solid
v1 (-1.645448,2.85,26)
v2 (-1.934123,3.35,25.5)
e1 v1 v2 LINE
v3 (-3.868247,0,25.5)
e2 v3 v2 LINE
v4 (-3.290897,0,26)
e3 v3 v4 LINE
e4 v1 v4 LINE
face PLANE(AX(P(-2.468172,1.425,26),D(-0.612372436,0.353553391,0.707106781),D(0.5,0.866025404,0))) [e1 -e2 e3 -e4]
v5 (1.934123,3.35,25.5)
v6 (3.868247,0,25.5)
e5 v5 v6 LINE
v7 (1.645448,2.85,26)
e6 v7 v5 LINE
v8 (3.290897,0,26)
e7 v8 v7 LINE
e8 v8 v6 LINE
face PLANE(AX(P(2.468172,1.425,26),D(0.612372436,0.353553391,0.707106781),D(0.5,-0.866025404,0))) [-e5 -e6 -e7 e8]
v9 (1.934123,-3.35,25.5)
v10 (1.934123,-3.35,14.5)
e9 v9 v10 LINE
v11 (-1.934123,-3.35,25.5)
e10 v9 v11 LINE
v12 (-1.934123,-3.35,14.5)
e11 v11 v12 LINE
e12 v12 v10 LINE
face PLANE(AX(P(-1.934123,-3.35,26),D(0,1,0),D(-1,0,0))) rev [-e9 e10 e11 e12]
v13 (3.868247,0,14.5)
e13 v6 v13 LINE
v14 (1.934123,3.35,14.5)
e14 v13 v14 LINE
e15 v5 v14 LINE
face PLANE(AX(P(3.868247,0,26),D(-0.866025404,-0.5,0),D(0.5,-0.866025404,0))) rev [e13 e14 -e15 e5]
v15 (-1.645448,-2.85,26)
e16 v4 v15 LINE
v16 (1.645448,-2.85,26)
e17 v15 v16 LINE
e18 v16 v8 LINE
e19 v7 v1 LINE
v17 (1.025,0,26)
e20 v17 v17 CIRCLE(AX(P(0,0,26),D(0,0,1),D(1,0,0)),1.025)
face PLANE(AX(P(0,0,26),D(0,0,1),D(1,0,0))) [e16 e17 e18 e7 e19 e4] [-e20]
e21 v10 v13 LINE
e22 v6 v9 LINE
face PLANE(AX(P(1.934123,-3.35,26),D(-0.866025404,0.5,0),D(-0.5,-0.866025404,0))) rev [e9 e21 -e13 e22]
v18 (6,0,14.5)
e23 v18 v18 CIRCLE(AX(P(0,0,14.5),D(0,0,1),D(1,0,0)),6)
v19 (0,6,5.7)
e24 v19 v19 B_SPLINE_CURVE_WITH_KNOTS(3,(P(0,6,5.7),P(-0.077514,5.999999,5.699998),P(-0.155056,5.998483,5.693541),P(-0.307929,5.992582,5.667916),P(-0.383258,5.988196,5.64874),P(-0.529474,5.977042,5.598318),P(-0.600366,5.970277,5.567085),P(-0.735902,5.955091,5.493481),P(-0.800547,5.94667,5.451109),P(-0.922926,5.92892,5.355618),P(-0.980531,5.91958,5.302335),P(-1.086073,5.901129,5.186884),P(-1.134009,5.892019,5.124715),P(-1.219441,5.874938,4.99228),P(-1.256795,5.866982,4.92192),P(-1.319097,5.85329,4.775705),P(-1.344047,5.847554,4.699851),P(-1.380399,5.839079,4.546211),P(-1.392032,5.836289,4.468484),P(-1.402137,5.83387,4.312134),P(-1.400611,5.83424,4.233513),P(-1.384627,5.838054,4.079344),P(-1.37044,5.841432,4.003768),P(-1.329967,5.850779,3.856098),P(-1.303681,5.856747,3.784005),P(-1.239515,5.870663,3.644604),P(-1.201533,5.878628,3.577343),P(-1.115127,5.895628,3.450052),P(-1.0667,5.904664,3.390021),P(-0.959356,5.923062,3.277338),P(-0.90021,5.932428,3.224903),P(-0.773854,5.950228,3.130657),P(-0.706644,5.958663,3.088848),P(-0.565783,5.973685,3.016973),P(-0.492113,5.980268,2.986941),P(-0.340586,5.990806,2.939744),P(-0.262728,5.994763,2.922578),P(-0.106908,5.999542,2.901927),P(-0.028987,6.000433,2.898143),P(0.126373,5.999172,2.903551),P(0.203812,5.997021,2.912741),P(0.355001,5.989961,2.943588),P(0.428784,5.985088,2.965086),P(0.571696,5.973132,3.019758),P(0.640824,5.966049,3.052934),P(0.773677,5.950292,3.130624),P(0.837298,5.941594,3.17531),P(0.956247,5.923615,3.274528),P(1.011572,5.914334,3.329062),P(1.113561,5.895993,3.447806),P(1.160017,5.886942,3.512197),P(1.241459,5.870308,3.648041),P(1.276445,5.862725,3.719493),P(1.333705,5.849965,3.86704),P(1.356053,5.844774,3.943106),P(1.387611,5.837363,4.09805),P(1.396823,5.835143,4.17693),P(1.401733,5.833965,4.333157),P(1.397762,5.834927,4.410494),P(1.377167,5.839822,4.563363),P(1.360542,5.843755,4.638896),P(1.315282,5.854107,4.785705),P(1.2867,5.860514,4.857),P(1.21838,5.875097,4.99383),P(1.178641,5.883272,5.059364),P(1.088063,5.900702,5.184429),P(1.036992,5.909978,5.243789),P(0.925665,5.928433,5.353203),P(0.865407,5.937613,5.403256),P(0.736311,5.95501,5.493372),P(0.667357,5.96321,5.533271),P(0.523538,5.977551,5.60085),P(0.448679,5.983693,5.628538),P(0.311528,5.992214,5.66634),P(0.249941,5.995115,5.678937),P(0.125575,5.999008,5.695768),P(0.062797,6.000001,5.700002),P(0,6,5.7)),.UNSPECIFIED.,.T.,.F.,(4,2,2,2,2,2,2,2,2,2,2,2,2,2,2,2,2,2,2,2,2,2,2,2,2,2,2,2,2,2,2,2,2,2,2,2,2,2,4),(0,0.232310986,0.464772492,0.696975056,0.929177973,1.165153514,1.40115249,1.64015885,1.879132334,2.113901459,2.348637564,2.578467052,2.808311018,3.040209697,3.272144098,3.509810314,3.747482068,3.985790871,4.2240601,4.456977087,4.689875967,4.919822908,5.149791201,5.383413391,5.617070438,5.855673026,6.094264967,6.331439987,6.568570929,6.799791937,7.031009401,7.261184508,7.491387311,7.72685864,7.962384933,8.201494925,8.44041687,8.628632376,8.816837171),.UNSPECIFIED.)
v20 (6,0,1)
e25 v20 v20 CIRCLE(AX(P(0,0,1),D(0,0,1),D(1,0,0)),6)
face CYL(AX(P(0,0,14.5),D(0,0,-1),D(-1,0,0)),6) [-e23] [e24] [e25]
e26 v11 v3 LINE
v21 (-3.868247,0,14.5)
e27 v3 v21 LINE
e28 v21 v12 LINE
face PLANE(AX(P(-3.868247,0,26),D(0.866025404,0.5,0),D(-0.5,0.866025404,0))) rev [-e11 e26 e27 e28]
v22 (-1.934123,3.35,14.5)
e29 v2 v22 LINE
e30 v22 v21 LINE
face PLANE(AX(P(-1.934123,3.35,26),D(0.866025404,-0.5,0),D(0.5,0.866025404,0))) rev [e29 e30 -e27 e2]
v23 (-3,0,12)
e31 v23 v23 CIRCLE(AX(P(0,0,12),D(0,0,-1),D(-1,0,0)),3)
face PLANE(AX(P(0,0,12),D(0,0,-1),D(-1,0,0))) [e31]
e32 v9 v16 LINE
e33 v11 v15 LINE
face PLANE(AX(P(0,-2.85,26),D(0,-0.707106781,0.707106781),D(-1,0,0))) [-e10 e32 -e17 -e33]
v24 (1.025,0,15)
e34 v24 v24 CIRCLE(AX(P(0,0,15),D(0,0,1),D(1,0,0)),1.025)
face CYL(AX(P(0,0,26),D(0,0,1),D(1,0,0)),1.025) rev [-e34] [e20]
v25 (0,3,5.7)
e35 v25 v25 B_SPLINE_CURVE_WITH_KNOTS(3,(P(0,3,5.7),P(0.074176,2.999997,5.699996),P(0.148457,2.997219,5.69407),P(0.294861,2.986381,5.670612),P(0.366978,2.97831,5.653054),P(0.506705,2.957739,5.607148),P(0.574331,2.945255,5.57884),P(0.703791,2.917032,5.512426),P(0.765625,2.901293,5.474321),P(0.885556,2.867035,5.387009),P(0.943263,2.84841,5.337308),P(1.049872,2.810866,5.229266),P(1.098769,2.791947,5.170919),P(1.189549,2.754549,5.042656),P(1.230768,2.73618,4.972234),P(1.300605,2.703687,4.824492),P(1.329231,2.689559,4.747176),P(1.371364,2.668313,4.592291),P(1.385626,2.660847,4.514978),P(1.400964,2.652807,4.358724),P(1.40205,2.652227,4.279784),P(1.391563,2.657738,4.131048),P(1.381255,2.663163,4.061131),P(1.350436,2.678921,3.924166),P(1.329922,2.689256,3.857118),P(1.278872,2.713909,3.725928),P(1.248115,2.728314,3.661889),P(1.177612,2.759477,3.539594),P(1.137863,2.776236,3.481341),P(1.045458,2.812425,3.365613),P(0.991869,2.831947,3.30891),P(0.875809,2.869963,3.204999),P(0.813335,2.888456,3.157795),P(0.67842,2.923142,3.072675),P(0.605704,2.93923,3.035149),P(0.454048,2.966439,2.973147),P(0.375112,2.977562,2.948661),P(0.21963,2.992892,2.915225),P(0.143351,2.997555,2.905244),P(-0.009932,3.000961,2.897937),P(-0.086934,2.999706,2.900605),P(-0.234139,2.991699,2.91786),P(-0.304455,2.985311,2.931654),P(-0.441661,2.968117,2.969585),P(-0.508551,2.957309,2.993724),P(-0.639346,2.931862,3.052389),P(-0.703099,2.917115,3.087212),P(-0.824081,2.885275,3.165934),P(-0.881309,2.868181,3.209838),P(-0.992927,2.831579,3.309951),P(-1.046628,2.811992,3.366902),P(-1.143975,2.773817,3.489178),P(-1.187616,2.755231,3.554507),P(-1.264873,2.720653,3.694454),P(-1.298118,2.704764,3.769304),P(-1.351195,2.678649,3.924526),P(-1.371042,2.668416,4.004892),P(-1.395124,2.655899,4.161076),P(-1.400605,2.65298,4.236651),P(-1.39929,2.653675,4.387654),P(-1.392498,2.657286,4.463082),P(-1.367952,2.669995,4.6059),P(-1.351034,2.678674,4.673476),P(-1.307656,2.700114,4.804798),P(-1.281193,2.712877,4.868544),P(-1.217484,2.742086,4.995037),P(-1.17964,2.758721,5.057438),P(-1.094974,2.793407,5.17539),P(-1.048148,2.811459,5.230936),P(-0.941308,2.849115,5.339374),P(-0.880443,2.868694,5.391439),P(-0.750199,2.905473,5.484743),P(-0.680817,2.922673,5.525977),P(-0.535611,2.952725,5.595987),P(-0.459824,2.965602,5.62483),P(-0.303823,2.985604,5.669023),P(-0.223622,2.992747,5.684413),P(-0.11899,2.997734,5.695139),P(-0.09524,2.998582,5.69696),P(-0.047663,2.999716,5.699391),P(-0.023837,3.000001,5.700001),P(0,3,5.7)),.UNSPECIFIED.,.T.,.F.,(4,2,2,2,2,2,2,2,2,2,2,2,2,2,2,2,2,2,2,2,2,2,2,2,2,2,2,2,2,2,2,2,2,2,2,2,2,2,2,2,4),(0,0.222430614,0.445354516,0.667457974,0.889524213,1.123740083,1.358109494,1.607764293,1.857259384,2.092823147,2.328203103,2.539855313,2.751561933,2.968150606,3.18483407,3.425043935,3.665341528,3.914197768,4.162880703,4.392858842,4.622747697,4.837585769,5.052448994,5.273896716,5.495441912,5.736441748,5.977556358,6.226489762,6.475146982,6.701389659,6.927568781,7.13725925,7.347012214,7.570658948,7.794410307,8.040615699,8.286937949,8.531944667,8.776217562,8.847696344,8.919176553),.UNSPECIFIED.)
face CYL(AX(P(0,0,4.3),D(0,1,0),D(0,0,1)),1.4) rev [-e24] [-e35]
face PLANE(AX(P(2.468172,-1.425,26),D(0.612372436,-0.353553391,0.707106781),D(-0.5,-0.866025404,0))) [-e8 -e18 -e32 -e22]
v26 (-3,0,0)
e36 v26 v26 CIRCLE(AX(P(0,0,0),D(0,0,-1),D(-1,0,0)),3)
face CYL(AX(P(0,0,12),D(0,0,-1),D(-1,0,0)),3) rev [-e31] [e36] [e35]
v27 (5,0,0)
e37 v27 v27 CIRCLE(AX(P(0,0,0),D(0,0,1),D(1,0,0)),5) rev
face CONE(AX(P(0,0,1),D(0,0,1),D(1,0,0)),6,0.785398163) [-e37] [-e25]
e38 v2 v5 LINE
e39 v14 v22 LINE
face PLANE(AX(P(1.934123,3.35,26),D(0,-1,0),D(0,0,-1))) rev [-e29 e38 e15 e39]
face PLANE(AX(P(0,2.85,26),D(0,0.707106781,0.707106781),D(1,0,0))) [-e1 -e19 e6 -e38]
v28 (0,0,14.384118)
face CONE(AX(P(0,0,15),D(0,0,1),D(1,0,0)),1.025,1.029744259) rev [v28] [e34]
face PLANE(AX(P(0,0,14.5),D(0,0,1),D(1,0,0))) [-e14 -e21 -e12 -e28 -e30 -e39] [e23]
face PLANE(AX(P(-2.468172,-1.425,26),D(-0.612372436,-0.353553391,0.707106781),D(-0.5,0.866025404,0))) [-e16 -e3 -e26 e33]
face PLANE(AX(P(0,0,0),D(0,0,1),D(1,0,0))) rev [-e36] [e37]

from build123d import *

# Parameters (mm, degrees)
SKETCH_1_R               = 6
EXTRUDE_1_DEPTH          = 14.5
EXTRUDE_2_DEPTH          = 11.5
HOLE_WIZARD_M2_5_1_D     = 2.05
HOLE_WIZARD_M2_5_1_DEPTH = 11
HOLE_WIZARD_M2_5_1_TIP   = 0.615882135
SKETCH_6_R               = 3
CUT_EXTRUDE_1_DEPTH      = 12
CHAMFER_2_SIZE           = 1
CHAMFER_3_SIZE           = 0.5
SKETCH_7_R               = 1.4
CUT_EXTRUDE_2_DEPTH      = 6


with BuildPart() as part:
    # 草图1 → 凸台-拉伸1 (new body)
    with BuildSketch(Plane.XY):
        with Locations(Location((0, 0, 0), (0, 0, 180))):
            Circle(SKETCH_1_R)
    extrude(amount=EXTRUDE_1_DEPTH)

    # 草图2 → 凸台-拉伸2 (add)
    with BuildSketch(Plane.XY.offset(14.5)):
        Polygon((3.868246804, 0), (1.934123402, 3.35), (-1.934123402, 3.35), (-3.868246804, 0), (-1.934123402, -3.35), (1.934123402, -3.35), align=None)
    extrude(amount=EXTRUDE_2_DEPTH)

    # M2.5 螺纹孔1
    with Locations(Plane.XY.offset(26)):
        with Locations((0, 0)):
            Hole(HOLE_WIZARD_M2_5_1_D / 2, depth=HOLE_WIZARD_M2_5_1_DEPTH)
            with Locations((0, 0, -(HOLE_WIZARD_M2_5_1_DEPTH + HOLE_WIZARD_M2_5_1_TIP / 2))):  # 118° drill point
                Cone(0, HOLE_WIZARD_M2_5_1_D / 2, HOLE_WIZARD_M2_5_1_TIP, mode=Mode.SUBTRACT)

    # 草图6 → 切除-拉伸1 (cut)
    with BuildSketch(Plane(origin=(0, 0, 0), x_dir=(-1, 0, 0), z_dir=(0, 0, -1))):
        Circle(SKETCH_6_R)
    extrude(amount=-CUT_EXTRUDE_1_DEPTH, mode=Mode.SUBTRACT)

    # 倒角2
    chamfer_2_edges = [part.edges().sort_by_distance(p)[0] for p in [
        (6, 0, 0),
    ]]
    chamfer(chamfer_2_edges, length=CHAMFER_2_SIZE)

    # 倒角3
    chamfer_3_edges = [part.edges().sort_by_distance(p)[0] for p in [
        (2.901185103, -1.675, 26),
        (2.901185103, 1.675, 26),
        (0, 3.35, 26),
        (-2.901185103, 1.675, 26),
        (-2.901185103, -1.675, 26),
        (0, -3.35, 26),
    ]]
    chamfer(chamfer_3_edges, length=CHAMFER_3_SIZE)

    # 草图7 → 切除-拉伸2 (cut)
    with BuildSketch(Plane(origin=(0, 6, 0), x_dir=(1, 0, 0), z_dir=(0, 1, 0))):
        with Locations(Location((0, -4.3, 0), (0, 0, 270))):
            Circle(SKETCH_7_R)
    extrude(amount=-CUT_EXTRUDE_2_DEPTH, mode=Mode.SUBTRACT)


solid = part.part
